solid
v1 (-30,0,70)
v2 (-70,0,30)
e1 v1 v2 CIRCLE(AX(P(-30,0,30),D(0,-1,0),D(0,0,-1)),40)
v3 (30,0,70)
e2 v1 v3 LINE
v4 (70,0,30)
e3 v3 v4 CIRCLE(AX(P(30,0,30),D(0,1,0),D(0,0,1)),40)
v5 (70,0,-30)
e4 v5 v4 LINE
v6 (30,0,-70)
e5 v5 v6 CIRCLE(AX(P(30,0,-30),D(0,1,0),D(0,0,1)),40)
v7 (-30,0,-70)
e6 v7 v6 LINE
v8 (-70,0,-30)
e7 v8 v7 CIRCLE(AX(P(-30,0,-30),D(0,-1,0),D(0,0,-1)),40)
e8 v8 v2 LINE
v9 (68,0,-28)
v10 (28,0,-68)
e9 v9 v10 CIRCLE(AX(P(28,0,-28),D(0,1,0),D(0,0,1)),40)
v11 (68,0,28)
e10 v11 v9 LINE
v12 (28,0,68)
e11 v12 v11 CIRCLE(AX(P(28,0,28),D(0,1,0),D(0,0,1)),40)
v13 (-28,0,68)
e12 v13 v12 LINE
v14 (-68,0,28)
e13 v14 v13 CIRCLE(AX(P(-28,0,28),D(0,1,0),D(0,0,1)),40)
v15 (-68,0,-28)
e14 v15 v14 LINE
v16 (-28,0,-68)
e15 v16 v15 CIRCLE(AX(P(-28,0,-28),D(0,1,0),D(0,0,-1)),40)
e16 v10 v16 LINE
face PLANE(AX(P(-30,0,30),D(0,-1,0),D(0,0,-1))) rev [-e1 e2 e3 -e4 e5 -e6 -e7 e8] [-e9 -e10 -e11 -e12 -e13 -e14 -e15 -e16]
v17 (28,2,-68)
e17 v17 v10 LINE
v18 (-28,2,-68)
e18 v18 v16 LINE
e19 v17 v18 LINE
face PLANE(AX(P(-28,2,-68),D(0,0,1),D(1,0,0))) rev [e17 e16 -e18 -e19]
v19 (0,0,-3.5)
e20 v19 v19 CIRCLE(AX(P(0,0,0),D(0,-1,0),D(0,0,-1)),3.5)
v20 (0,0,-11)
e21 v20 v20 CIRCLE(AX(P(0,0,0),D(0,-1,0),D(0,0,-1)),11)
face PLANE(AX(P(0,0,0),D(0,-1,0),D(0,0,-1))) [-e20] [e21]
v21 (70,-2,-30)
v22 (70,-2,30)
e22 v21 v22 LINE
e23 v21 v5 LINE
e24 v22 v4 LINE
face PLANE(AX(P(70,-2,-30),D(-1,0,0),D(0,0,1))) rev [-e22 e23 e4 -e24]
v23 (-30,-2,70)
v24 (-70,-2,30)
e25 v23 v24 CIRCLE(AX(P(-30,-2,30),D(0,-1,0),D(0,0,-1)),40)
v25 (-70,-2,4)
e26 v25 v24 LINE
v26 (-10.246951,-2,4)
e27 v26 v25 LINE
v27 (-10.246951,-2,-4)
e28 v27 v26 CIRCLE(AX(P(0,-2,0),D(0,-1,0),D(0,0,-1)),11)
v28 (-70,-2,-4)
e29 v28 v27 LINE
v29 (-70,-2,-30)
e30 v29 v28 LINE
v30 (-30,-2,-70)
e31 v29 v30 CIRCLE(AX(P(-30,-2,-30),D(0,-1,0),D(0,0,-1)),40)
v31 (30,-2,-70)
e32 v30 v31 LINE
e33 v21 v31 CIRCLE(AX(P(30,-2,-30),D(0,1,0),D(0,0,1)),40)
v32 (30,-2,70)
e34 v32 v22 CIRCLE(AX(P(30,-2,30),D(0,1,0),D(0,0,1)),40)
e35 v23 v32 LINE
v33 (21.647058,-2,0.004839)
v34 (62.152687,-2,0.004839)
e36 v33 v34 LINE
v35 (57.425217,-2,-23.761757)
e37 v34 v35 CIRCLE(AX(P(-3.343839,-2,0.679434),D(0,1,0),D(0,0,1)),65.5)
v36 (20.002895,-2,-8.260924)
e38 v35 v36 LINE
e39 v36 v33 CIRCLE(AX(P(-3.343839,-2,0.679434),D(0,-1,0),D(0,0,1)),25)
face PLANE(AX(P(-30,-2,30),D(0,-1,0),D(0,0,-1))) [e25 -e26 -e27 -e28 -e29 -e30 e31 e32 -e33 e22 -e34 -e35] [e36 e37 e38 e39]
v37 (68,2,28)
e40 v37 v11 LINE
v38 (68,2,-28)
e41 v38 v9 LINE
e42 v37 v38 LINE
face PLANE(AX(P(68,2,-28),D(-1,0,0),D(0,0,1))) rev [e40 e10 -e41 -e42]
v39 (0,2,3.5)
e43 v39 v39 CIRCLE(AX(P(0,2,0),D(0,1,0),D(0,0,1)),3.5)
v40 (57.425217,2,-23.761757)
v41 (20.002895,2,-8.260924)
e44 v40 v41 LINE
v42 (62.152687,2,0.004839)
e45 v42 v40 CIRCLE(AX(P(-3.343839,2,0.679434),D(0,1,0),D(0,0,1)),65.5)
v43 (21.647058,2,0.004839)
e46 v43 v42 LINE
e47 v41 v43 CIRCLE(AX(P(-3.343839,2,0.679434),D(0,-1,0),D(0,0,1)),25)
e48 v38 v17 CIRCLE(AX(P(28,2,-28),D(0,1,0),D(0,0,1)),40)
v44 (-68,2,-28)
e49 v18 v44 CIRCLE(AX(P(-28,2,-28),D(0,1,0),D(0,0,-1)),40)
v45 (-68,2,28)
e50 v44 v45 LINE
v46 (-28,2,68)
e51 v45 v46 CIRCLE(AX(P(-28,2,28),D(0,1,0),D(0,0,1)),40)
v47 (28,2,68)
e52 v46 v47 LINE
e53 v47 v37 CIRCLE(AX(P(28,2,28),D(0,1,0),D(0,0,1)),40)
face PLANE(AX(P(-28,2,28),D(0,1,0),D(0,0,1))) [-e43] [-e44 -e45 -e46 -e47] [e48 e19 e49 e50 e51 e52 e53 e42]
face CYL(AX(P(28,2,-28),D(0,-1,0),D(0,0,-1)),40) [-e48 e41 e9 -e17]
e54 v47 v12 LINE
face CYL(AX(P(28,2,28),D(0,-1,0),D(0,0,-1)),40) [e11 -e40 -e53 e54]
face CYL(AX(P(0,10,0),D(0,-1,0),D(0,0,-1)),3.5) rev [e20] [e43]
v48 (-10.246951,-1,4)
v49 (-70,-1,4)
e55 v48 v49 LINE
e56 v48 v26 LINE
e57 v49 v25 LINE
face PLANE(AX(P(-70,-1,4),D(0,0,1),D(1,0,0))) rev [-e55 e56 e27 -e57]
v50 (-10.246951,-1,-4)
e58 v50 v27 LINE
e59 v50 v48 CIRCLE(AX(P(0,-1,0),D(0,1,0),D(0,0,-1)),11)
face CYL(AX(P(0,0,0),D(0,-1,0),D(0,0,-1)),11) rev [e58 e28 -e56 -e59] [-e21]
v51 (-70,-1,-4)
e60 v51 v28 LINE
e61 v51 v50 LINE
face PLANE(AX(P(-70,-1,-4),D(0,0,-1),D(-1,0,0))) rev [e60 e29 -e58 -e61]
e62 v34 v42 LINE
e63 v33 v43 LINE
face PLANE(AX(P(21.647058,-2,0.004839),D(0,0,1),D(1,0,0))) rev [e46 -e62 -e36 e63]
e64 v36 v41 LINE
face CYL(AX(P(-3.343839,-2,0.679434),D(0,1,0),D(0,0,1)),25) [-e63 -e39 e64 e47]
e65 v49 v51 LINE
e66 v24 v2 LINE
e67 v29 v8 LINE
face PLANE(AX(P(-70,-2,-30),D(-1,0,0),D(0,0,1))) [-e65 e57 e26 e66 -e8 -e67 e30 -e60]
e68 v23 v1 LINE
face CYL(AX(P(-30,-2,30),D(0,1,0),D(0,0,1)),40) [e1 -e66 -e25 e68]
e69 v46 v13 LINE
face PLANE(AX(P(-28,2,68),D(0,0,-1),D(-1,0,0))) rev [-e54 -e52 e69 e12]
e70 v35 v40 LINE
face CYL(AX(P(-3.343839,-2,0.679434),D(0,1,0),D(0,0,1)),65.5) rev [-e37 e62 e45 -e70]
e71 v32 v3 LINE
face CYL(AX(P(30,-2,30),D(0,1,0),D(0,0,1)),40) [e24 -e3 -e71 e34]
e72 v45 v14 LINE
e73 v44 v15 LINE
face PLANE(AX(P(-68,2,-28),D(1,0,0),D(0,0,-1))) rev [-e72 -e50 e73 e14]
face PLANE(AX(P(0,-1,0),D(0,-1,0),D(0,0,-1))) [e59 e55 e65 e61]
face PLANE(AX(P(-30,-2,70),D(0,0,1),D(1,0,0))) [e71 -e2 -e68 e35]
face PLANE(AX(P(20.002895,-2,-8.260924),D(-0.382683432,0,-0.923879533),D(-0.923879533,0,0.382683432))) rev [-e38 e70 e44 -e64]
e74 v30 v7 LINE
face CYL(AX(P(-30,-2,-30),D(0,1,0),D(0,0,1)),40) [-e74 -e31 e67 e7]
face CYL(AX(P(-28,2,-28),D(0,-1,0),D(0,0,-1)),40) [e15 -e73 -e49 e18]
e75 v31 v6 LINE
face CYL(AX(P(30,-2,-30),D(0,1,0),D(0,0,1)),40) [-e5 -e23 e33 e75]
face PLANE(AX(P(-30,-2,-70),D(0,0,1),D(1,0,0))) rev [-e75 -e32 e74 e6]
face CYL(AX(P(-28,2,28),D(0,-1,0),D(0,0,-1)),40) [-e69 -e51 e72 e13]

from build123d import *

# Parameters (mm, degrees)
BOSS_EXTRUDE5_DEPTH     = 2
BOSS_EXTRUDE6_DEPTH     = 2
SKETCH6_R               = 11
CUT_EXTRUDE1_DEPTH      = 2
CUT_EXTRUDE3_DEPTH      = 24
CUT_EXTRUDE3_DEPTH_BACK = 35
SKETCH7_R               = 2.603714659
SKETCH8_R               = 1.4
BOSS_EXTRUDE8_DEPTH     = 4
CUT_EXTRUDE8_DEPTH      = 4
CUT_EXTRUDE9_START      = -2
SKETCH17_R              = 1.4
CUT_EXTRUDE9_DEPTH      = 2
CUT_EXTRUDE10_DEPTH     = 1
SKETCH19_R              = 3.5
CUT_EXTRUDE11_DEPTH     = 10


with BuildPart() as part:
    # Sketch1 → Boss-Extrude5 (new body)
    with BuildSketch(Plane(origin=(0, 0, 0), x_dir=(1, 0, 0), z_dir=(0, 1, 0))):
        with BuildLine():
            Line((-30, 70), (30, 70))
            ThreePointArc((30, 70), (58.284271247, 58.284271247), (70, 30))
            Line((70, 30), (70, -30))
            ThreePointArc((70, -30), (58.284271247, -58.284271247), (30, -70))
            Line((30, -70), (-30, -70))
            ThreePointArc((-30, -70), (-58.284271247, -58.284271247), (-70, -30))
            Line((-70, -30), (-70, 30))
            ThreePointArc((-70, 30), (-58.284271247, 58.284271247), (-30, 70))
        make_face()
    extrude(amount=-BOSS_EXTRUDE5_DEPTH)

    # Sketch5 → Boss-Extrude6 (add)
    with BuildSketch(Plane(origin=(0, 0, 0), x_dir=(1, 0, 0), z_dir=(0, 1, 0))):
        with BuildLine():
            Line((-28, 68), (28, 68))
            ThreePointArc((28, 68), (56.284271247, 56.284271247), (68, 28))
            Line((68, 28), (68, -28))
            ThreePointArc((68, -28), (56.284271247, -56.284271247), (28, -68))
            Line((28, -68), (-28, -68))
            ThreePointArc((-28, -68), (-56.284271247, -56.284271247), (-68, -28))
            Line((-68, -28), (-68, 28))
            ThreePointArc((-68, 28), (-56.284271247, 56.284271247), (-28, 68))
        make_face()
    extrude(amount=BOSS_EXTRUDE6_DEPTH)

    # Sketch6 → Cut-Extrude1 (cut)
    with BuildSketch(Plane.XZ.offset(2)):
        with Locations(Location((0, 0, 0), (0, 0, 270))):
            Circle(SKETCH6_R)
    extrude(amount=-CUT_EXTRUDE1_DEPTH, mode=Mode.SUBTRACT)

    # Sketch7 → Cut-Extrude3 (cut, two sides: drawn at the far end of the back side and taken through both)
    with BuildSketch(Plane.XZ.offset(-CUT_EXTRUDE3_DEPTH_BACK)):
        with Locations(Location((0, 0, 0), (0, 0, 90))):
            Circle(SKETCH7_R)
    extrude(amount=CUT_EXTRUDE3_DEPTH + CUT_EXTRUDE3_DEPTH_BACK, mode=Mode.SUBTRACT)

    # Sketch8 → Boss-Extrude8 (add)
    with BuildSketch(Plane(origin=(0, 0, 0), x_dir=(1, 0, 0), z_dir=(0, 1, 0))):
        with Locations(Location((13, 13, 0), (0, 0, 270))):
            Circle(SKETCH8_R)
        with Locations(Location((13, -13, 0), (0, 0, 270))):
            Circle(SKETCH8_R)
        with Locations(Location((-13, -13, 0), (0, 0, 270))):
            Circle(SKETCH8_R)
        with Locations(Location((-13, 13, 0), (0, 0, 270))):
            Circle(SKETCH8_R)
    extrude(amount=-BOSS_EXTRUDE8_DEPTH)

    # Sketch15 → Cut-Extrude8 (cut)
    with BuildSketch(Plane(origin=(0, 2, 0), x_dir=(1, 0, 0), z_dir=(0, 1, 0))):
        with BuildLine():
            Line((20.002895237, 8.260924079), (57.425217049, 23.761757309))
            ThreePointArc((57.425217049, 23.761757309), (60.897596895, 12.098982138), (62.152687059, -0.004839374))
            Line((62.152687059, -0.004839374), (21.647057814, -0.004839374))
            ThreePointArc((21.647057814, -0.004839374), (21.175793038, 4.197824096), (20.002895237, 8.260924079))
        make_face()
    extrude(amount=-CUT_EXTRUDE8_DEPTH, mode=Mode.SUBTRACT)

    # Sketch17 → Cut-Extrude9 (cut)
    with BuildSketch(Plane.XZ.offset(4).offset(CUT_EXTRUDE9_START)):
        with Locations((13, 13)):
            Circle(SKETCH17_R)
        with Locations((13, -13)):
            Circle(SKETCH17_R)
        with Locations((-13, -13)):
            Circle(SKETCH17_R)
        with Locations((-13, 13)):
            Circle(SKETCH17_R)
    extrude(amount=CUT_EXTRUDE9_DEPTH, mode=Mode.SUBTRACT)

    # Sketch18 → Cut-Extrude10 (cut)
    with BuildSketch(Plane.XZ.offset(2)):
        with BuildLine():
            Line((-70, 0), (-70, 4))
            Line((-70, 4), (-10.246950766, 4))
            ThreePointArc((-10.246950766, 4), (-11, 0), (-10.246950766, -4))
            Line((-10.246950766, -4), (-70, -4))
            Line((-70, -4), (-70, 0))
        make_face()
    extrude(amount=-CUT_EXTRUDE10_DEPTH, mode=Mode.SUBTRACT)

    # Sketch19 → Cut-Extrude11 (cut)
    with BuildSketch(Plane.XZ):
        with Locations(Location((0, 0, 0), (0, 0, 270))):
            Circle(SKETCH19_R)
    extrude(amount=-CUT_EXTRUDE11_DEPTH, mode=Mode.SUBTRACT)


solid = part.part
